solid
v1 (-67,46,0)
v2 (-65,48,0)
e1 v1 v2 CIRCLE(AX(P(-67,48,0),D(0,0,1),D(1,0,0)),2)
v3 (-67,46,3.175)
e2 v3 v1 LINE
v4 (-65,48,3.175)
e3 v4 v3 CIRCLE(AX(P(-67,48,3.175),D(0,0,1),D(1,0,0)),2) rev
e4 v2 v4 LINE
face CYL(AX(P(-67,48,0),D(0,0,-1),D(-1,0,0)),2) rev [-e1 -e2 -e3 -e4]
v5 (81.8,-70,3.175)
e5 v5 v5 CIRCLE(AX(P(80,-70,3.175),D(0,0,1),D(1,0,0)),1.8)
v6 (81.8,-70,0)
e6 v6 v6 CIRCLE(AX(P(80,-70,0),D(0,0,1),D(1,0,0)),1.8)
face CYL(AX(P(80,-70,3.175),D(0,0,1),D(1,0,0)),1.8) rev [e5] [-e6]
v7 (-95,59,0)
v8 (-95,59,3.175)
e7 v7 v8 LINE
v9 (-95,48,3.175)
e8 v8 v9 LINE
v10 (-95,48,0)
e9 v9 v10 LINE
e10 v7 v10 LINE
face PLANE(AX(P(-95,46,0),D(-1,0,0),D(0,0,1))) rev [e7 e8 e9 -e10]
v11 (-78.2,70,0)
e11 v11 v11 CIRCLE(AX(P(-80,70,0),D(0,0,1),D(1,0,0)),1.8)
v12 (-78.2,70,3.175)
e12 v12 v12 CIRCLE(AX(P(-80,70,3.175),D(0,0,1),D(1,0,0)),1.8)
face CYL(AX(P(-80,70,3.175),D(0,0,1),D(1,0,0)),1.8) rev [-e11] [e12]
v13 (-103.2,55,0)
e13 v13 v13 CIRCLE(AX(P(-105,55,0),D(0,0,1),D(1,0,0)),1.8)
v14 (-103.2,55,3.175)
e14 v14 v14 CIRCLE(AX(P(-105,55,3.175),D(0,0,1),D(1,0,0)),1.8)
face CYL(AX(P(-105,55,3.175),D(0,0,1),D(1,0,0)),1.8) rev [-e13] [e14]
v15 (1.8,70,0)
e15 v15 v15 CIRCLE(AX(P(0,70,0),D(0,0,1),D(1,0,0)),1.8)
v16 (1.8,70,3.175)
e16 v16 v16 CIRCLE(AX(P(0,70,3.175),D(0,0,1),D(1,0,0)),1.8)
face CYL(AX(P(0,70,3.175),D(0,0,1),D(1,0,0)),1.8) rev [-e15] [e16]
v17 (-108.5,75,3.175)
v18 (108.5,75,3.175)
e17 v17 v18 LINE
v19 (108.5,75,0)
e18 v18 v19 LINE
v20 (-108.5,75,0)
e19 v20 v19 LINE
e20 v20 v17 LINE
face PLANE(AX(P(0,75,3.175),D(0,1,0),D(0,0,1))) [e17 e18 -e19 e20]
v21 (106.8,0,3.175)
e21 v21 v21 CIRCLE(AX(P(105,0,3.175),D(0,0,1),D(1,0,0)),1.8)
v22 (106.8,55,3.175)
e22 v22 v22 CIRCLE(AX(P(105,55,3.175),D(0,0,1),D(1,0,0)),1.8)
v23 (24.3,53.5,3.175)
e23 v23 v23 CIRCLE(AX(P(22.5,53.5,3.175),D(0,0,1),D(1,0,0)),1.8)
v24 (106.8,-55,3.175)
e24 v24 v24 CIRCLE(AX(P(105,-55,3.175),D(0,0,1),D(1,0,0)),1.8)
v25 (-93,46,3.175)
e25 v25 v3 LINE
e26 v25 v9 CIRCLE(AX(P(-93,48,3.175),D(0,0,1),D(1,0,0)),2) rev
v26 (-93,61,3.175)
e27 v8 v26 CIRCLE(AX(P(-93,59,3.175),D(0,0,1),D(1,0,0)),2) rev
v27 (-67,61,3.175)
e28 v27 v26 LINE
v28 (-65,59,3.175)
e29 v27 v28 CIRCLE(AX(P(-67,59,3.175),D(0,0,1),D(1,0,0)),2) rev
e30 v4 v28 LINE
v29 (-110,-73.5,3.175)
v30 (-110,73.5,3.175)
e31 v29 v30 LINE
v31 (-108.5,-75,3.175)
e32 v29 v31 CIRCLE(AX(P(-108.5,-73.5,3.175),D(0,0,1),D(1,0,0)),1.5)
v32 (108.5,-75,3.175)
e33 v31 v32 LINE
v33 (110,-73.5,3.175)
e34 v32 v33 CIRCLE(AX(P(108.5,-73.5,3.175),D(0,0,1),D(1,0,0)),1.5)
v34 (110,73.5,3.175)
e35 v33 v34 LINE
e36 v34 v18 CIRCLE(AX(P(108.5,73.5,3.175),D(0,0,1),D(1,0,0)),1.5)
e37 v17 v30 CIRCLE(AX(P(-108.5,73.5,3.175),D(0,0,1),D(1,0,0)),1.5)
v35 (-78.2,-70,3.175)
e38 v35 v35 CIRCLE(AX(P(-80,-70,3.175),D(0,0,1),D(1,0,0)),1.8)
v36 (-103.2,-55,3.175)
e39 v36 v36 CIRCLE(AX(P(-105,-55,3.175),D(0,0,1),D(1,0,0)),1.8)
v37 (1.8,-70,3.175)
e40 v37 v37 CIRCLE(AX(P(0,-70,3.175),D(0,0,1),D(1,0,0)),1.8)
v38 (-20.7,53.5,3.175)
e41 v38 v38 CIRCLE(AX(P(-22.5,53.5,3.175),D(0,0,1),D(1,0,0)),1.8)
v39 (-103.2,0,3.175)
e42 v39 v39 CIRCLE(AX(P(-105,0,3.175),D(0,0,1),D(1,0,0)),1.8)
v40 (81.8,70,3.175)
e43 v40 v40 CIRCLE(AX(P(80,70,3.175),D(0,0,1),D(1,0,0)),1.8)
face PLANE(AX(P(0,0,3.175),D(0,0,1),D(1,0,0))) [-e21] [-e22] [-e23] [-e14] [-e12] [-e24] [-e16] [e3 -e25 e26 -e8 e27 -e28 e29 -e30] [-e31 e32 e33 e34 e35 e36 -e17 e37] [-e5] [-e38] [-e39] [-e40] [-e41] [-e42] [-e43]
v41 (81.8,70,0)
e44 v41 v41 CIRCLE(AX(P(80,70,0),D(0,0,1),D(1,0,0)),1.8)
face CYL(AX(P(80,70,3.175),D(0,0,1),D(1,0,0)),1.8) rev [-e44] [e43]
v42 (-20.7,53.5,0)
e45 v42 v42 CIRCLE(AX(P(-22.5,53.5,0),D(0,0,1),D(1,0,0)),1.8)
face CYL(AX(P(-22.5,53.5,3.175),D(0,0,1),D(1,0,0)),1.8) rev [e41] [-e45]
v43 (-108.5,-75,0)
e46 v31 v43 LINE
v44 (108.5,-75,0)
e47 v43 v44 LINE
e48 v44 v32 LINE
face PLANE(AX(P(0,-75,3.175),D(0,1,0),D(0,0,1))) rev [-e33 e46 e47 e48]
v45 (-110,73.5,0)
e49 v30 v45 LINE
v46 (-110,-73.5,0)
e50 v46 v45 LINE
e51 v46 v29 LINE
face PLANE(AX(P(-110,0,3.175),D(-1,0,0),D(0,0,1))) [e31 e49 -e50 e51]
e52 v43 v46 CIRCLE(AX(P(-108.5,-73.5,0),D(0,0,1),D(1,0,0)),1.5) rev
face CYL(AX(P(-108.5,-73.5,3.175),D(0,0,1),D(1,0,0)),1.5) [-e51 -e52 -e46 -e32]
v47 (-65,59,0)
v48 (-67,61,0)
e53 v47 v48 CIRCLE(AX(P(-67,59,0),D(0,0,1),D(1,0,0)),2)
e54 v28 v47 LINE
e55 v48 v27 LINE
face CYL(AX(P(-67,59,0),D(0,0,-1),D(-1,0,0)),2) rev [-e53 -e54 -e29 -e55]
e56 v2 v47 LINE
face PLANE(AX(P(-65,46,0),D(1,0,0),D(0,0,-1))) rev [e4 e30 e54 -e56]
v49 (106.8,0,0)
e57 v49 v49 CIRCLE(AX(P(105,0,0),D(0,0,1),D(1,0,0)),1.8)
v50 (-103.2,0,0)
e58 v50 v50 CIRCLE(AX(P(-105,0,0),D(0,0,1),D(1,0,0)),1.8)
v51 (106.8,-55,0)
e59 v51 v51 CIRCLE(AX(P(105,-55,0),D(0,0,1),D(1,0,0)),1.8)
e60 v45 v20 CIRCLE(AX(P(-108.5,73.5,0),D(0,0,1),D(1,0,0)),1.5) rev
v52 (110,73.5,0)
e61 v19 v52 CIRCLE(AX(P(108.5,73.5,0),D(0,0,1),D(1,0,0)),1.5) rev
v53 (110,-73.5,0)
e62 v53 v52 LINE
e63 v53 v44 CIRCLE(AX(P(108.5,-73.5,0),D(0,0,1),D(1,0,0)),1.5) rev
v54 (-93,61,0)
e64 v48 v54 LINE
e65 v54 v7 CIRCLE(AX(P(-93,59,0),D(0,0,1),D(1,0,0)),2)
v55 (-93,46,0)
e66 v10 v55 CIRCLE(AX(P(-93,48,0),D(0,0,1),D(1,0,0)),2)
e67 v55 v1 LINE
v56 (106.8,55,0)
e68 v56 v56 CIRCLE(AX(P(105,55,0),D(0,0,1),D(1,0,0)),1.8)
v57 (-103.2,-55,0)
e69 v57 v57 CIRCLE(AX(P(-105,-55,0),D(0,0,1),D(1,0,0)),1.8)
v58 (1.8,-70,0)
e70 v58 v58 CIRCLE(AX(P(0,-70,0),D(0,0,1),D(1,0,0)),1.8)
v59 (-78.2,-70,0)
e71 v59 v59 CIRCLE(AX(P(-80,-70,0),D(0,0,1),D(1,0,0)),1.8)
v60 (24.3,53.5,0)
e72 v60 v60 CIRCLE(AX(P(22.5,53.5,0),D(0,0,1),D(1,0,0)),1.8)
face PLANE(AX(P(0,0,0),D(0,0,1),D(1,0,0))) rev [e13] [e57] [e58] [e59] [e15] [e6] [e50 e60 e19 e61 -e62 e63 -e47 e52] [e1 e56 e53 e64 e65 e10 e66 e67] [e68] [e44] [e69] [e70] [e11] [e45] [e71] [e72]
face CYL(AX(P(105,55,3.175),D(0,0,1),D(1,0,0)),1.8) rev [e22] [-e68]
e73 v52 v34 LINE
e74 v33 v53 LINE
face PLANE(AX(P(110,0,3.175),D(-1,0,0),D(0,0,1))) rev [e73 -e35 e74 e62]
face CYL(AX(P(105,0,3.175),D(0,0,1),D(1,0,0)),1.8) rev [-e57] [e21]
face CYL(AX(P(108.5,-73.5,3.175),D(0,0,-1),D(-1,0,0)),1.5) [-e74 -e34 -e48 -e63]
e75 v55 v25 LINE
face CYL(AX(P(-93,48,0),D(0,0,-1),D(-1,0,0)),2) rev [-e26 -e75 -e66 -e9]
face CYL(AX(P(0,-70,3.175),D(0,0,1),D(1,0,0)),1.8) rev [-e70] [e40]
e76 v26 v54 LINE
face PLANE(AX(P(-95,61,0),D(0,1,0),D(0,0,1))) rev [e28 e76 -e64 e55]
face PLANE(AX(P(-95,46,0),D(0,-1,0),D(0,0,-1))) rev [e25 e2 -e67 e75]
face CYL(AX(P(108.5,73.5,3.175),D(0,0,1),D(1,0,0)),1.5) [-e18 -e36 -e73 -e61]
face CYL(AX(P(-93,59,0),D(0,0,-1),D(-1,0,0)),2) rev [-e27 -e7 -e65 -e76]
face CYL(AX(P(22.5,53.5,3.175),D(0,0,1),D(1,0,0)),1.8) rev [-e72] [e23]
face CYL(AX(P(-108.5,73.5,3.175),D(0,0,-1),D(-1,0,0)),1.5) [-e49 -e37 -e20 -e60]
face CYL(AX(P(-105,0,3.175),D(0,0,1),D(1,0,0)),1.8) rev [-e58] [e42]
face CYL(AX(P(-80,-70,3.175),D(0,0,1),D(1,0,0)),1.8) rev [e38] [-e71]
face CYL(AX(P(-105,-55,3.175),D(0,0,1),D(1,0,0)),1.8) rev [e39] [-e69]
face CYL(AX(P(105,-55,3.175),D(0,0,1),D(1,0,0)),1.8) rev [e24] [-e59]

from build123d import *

# Parameters (mm, degrees)
SKETCH1_W            = 220
SKETCH1_H            = 150
BOSS_EXTRUDE1_DEPTH  = 3.175
M3_CLEARANCE_HOLE1_D = 3.6
SKETCH4_W            = 10
SKETCH4_H            = 10
BOSS_EXTRUDE2_DEPTH  = 3.175
FILLET2_R            = 1.5
SKETCH7_W            = 30
SKETCH7_H            = 15
CUT_EXTRUDE2_DEPTH   = 4.175
M3_CLEARANCE_HOLE3_D = 3.6
FILLET3_R            = 2


with BuildPart() as part:
    # Sketch1 → Boss-Extrude1 (new body)
    with BuildSketch(Plane.XY):
        Rectangle(SKETCH1_W, SKETCH1_H)
    extrude(amount=BOSS_EXTRUDE1_DEPTH)

    # M3 Clearance Hole1 (through all)
    with Locations(Plane.XY.offset(3.175)):
        with Locations((0, 0), (-80, 70), (80, 70), (0, 70), (-105, 55), (-105, 0), (-105, -55), (-80, -70), (0, -70), (80, -70), (105, -55), (105, 0), (105, 55)):
            Hole(M3_CLEARANCE_HOLE1_D / 2)

    # Sketch4 → Boss-Extrude2 (add, through all)
    with BuildSketch(Plane.XY.offset(3.175)):
        Rectangle(SKETCH4_W, SKETCH4_H)
    extrude(amount=-BOSS_EXTRUDE2_DEPTH)

    # Fillet2
    fillet2_edges = [part.edges().sort_by_distance(p)[0] for p in [
        (-110, -75, 1.5875),
        (-110, 75, 1.5875),
        (110, 75, 1.5875),
        (110, -75, 1.5875),
    ]]
    fillet(fillet2_edges, radius=FILLET2_R)

    # Sketch7 → Cut-Extrude2 (cut, through all)
    with BuildSketch(Plane.XY.offset(3.175)):
        with Locations((-80, 53.5)):
            Rectangle(SKETCH7_W, SKETCH7_H)
    extrude(amount=-CUT_EXTRUDE2_DEPTH, mode=Mode.SUBTRACT)

    # M3 Clearance Hole3 (through all)
    with Locations(Plane.XY.offset(3.175)):
        with Locations((-22.5, 53.5), (22.5, 53.5)):
            Hole(M3_CLEARANCE_HOLE3_D / 2)

    # Fillet3
    fillet3_edges = [part.edges().sort_by_distance(p)[0] for p in [
        (-65, 61, 1.5875),
        (-65, 46, 1.5875),
        (-95, 46, 1.5875),
        (-95, 61, 1.5875),
    ]]
    fillet(fillet3_edges, radius=FILLET3_R)


solid = part.part
